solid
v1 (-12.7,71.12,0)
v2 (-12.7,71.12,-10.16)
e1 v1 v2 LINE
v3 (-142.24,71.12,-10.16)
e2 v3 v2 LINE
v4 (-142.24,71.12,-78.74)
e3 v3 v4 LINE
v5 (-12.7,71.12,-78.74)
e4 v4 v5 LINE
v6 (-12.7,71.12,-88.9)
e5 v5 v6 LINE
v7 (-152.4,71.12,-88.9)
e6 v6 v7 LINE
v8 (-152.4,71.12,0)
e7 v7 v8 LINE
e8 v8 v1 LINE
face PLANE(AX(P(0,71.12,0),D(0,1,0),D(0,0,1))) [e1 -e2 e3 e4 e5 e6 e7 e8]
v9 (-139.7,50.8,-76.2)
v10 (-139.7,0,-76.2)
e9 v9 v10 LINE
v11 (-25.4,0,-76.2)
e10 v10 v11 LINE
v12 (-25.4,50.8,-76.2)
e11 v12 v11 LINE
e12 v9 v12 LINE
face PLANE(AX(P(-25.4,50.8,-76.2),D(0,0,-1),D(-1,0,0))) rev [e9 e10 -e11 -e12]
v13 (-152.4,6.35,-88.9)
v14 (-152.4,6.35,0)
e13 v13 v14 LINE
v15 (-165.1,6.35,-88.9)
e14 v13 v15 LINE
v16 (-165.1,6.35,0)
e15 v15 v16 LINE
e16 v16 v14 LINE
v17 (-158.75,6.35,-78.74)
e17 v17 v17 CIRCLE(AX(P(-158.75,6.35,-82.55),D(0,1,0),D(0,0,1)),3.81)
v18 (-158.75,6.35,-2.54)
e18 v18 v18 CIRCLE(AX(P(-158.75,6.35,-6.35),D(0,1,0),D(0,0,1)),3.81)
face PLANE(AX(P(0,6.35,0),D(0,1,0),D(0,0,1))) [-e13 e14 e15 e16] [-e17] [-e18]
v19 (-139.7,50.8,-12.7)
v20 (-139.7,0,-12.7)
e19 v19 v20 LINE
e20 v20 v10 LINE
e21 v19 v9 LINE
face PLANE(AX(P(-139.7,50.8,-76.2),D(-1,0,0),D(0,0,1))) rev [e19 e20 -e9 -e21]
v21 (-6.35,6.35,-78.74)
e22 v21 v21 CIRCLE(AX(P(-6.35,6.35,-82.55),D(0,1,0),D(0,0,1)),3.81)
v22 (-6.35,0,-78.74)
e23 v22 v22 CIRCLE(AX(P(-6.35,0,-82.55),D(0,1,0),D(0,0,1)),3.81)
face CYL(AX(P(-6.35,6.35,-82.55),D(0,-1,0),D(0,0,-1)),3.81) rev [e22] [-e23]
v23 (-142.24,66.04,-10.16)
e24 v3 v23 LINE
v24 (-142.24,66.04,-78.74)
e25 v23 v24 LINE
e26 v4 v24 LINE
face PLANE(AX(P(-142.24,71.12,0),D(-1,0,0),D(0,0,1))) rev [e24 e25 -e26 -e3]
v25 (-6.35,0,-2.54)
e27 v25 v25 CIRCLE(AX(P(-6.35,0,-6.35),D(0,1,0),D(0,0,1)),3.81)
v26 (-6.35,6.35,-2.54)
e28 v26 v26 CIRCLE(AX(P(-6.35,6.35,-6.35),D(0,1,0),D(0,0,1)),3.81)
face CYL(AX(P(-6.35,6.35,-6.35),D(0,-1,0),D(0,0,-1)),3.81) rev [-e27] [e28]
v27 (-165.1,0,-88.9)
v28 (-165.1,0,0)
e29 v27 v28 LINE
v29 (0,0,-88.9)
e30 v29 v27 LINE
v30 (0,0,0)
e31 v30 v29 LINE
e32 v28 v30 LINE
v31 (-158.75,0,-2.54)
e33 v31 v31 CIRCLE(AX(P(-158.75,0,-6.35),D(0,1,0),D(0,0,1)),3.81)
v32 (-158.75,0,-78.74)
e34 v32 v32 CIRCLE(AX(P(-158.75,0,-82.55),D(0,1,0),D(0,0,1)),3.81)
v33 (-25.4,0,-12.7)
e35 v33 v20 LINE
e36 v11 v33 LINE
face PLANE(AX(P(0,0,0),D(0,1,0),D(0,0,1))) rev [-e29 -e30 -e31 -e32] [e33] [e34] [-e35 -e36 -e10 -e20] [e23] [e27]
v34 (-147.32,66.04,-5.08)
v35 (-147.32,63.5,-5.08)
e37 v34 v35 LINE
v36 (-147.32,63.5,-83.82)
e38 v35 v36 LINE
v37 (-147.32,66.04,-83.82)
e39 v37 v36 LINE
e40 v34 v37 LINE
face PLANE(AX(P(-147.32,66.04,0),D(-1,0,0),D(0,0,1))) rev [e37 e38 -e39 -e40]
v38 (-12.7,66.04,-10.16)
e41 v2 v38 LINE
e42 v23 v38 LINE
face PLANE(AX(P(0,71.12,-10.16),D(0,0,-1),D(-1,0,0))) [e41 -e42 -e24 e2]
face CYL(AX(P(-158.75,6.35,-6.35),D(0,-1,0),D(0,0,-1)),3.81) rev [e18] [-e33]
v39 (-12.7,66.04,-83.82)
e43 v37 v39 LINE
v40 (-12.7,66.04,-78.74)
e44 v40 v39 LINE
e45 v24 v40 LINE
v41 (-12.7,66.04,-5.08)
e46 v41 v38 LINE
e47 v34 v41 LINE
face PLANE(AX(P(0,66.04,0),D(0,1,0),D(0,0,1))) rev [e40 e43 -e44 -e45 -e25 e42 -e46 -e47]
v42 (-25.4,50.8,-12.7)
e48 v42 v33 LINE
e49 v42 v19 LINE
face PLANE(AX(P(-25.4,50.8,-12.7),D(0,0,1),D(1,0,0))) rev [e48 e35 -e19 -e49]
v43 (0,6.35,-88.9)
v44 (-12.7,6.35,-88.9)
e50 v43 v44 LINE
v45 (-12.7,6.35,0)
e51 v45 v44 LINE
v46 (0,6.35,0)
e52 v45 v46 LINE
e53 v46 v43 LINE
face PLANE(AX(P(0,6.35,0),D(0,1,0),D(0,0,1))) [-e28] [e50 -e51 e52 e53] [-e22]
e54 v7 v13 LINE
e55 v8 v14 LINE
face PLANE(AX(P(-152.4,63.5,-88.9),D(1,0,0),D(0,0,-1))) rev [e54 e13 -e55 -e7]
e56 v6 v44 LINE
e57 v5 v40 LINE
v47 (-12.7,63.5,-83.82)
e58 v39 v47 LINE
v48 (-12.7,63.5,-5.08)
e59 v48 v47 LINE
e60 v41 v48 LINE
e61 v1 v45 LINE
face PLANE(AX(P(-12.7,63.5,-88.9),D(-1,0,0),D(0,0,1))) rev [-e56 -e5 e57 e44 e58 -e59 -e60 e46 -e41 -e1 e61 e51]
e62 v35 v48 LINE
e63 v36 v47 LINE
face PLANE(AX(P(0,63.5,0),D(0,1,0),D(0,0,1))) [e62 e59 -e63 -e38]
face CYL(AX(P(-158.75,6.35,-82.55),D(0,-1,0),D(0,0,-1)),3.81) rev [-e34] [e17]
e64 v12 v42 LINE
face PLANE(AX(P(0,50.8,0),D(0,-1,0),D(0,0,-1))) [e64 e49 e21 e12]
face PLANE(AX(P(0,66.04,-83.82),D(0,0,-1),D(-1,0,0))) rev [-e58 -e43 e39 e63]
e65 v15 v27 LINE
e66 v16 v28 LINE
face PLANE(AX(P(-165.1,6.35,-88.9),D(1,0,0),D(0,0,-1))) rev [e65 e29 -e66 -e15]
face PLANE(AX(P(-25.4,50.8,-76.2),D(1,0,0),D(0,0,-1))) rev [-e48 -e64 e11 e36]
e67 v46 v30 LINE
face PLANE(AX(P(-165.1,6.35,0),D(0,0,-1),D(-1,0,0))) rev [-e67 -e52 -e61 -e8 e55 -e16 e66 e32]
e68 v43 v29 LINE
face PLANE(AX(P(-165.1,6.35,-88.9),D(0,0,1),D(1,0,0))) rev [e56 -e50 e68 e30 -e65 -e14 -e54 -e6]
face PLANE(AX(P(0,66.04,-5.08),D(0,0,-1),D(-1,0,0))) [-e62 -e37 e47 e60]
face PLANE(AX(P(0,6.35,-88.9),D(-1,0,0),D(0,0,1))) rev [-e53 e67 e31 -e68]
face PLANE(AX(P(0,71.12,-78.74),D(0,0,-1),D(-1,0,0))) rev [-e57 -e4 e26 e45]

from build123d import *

# Parameters (mm, degrees)
SKETCH1_W           = 165.1
SKETCH1_H           = 88.9
SKETCH1_R           = 3.81
BOSS_EXTRUDE1_DEPTH = 6.35
SKETCH2_W           = 139.7
SKETCH2_H           = 88.9
BOSS_EXTRUDE2_DEPTH = 57.15
SKETCH3_W           = 114.3
SKETCH3_H           = 63.5
CUT_EXTRUDE1_DEPTH  = 50.8
BOSS_EXTRUDE3_DEPTH = 2.54
BOSS_EXTRUDE4_DEPTH = 5.08


with BuildPart() as part:
    # Sketch1 → Boss-Extrude1 (new body)
    with BuildSketch(Plane(origin=(0, 0, 0), x_dir=(1, 0, 0), z_dir=(0, 1, 0))):
        with Locations((-82.55, 44.45)):
            Rectangle(SKETCH1_W, SKETCH1_H)
        with Locations((-158.75, 6.35)):
            Circle(SKETCH1_R, mode=Mode.SUBTRACT)
        with Locations((-158.75, 82.55)):
            Circle(SKETCH1_R, mode=Mode.SUBTRACT)
        with Locations((-6.35, 82.55)):
            Circle(SKETCH1_R, mode=Mode.SUBTRACT)
        with Locations((-6.35, 6.35)):
            Circle(SKETCH1_R, mode=Mode.SUBTRACT)
    extrude(amount=BOSS_EXTRUDE1_DEPTH)

    # Sketch2 → Boss-Extrude2 (add)
    with BuildSketch(Plane(origin=(0, 6.35, 0), x_dir=(1, 0, 0), z_dir=(0, 1, 0))):
        with Locations((-82.55, 44.45)):
            Rectangle(SKETCH2_W, SKETCH2_H)
    extrude(amount=BOSS_EXTRUDE2_DEPTH)

    # Sketch3 → Cut-Extrude1 (cut)
    with BuildSketch(Plane(origin=(0, 0, 0), x_dir=(-1, 0, 0), z_dir=(0, -1, 0))):
        with Locations((82.55, 44.45)):
            Rectangle(SKETCH3_W, SKETCH3_H)
    extrude(amount=-CUT_EXTRUDE1_DEPTH, mode=Mode.SUBTRACT)

    # Sketch5 → Boss-Extrude3 (add)
    with BuildSketch(Plane(origin=(0, 63.5, 0), x_dir=(1, 0, 0), z_dir=(0, 1, 0))):
        Polygon((-152.4, 88.9), (-152.4, 0), (-12.7, 0), (-12.7, 5.08), (-147.32, 5.08), (-147.32, 83.82), (-12.7, 83.82), (-12.7, 88.9), align=None)
    extrude(amount=BOSS_EXTRUDE3_DEPTH)

    # Sketch6 → Boss-Extrude4 (add)
    with BuildSketch(Plane(origin=(0, 66.04, 0), x_dir=(1, 0, 0), z_dir=(0, 1, 0))):
        Polygon((-147.32, 5.08), (-12.7, 5.08), (-12.7, 10.16), (-142.24, 10.16), (-142.24, 78.74), (-12.7, 78.74), (-12.7, 83.82), (-147.32, 83.82), align=None)
        Polygon((-12.7, 5.08), (-147.32, 5.08), (-147.32, 83.82), (-12.7, 83.82), (-12.7, 88.9), (-152.4, 88.9), (-152.4, 0), (-12.7, 0), align=None)
    extrude(amount=BOSS_EXTRUDE4_DEPTH)


solid = part.part
